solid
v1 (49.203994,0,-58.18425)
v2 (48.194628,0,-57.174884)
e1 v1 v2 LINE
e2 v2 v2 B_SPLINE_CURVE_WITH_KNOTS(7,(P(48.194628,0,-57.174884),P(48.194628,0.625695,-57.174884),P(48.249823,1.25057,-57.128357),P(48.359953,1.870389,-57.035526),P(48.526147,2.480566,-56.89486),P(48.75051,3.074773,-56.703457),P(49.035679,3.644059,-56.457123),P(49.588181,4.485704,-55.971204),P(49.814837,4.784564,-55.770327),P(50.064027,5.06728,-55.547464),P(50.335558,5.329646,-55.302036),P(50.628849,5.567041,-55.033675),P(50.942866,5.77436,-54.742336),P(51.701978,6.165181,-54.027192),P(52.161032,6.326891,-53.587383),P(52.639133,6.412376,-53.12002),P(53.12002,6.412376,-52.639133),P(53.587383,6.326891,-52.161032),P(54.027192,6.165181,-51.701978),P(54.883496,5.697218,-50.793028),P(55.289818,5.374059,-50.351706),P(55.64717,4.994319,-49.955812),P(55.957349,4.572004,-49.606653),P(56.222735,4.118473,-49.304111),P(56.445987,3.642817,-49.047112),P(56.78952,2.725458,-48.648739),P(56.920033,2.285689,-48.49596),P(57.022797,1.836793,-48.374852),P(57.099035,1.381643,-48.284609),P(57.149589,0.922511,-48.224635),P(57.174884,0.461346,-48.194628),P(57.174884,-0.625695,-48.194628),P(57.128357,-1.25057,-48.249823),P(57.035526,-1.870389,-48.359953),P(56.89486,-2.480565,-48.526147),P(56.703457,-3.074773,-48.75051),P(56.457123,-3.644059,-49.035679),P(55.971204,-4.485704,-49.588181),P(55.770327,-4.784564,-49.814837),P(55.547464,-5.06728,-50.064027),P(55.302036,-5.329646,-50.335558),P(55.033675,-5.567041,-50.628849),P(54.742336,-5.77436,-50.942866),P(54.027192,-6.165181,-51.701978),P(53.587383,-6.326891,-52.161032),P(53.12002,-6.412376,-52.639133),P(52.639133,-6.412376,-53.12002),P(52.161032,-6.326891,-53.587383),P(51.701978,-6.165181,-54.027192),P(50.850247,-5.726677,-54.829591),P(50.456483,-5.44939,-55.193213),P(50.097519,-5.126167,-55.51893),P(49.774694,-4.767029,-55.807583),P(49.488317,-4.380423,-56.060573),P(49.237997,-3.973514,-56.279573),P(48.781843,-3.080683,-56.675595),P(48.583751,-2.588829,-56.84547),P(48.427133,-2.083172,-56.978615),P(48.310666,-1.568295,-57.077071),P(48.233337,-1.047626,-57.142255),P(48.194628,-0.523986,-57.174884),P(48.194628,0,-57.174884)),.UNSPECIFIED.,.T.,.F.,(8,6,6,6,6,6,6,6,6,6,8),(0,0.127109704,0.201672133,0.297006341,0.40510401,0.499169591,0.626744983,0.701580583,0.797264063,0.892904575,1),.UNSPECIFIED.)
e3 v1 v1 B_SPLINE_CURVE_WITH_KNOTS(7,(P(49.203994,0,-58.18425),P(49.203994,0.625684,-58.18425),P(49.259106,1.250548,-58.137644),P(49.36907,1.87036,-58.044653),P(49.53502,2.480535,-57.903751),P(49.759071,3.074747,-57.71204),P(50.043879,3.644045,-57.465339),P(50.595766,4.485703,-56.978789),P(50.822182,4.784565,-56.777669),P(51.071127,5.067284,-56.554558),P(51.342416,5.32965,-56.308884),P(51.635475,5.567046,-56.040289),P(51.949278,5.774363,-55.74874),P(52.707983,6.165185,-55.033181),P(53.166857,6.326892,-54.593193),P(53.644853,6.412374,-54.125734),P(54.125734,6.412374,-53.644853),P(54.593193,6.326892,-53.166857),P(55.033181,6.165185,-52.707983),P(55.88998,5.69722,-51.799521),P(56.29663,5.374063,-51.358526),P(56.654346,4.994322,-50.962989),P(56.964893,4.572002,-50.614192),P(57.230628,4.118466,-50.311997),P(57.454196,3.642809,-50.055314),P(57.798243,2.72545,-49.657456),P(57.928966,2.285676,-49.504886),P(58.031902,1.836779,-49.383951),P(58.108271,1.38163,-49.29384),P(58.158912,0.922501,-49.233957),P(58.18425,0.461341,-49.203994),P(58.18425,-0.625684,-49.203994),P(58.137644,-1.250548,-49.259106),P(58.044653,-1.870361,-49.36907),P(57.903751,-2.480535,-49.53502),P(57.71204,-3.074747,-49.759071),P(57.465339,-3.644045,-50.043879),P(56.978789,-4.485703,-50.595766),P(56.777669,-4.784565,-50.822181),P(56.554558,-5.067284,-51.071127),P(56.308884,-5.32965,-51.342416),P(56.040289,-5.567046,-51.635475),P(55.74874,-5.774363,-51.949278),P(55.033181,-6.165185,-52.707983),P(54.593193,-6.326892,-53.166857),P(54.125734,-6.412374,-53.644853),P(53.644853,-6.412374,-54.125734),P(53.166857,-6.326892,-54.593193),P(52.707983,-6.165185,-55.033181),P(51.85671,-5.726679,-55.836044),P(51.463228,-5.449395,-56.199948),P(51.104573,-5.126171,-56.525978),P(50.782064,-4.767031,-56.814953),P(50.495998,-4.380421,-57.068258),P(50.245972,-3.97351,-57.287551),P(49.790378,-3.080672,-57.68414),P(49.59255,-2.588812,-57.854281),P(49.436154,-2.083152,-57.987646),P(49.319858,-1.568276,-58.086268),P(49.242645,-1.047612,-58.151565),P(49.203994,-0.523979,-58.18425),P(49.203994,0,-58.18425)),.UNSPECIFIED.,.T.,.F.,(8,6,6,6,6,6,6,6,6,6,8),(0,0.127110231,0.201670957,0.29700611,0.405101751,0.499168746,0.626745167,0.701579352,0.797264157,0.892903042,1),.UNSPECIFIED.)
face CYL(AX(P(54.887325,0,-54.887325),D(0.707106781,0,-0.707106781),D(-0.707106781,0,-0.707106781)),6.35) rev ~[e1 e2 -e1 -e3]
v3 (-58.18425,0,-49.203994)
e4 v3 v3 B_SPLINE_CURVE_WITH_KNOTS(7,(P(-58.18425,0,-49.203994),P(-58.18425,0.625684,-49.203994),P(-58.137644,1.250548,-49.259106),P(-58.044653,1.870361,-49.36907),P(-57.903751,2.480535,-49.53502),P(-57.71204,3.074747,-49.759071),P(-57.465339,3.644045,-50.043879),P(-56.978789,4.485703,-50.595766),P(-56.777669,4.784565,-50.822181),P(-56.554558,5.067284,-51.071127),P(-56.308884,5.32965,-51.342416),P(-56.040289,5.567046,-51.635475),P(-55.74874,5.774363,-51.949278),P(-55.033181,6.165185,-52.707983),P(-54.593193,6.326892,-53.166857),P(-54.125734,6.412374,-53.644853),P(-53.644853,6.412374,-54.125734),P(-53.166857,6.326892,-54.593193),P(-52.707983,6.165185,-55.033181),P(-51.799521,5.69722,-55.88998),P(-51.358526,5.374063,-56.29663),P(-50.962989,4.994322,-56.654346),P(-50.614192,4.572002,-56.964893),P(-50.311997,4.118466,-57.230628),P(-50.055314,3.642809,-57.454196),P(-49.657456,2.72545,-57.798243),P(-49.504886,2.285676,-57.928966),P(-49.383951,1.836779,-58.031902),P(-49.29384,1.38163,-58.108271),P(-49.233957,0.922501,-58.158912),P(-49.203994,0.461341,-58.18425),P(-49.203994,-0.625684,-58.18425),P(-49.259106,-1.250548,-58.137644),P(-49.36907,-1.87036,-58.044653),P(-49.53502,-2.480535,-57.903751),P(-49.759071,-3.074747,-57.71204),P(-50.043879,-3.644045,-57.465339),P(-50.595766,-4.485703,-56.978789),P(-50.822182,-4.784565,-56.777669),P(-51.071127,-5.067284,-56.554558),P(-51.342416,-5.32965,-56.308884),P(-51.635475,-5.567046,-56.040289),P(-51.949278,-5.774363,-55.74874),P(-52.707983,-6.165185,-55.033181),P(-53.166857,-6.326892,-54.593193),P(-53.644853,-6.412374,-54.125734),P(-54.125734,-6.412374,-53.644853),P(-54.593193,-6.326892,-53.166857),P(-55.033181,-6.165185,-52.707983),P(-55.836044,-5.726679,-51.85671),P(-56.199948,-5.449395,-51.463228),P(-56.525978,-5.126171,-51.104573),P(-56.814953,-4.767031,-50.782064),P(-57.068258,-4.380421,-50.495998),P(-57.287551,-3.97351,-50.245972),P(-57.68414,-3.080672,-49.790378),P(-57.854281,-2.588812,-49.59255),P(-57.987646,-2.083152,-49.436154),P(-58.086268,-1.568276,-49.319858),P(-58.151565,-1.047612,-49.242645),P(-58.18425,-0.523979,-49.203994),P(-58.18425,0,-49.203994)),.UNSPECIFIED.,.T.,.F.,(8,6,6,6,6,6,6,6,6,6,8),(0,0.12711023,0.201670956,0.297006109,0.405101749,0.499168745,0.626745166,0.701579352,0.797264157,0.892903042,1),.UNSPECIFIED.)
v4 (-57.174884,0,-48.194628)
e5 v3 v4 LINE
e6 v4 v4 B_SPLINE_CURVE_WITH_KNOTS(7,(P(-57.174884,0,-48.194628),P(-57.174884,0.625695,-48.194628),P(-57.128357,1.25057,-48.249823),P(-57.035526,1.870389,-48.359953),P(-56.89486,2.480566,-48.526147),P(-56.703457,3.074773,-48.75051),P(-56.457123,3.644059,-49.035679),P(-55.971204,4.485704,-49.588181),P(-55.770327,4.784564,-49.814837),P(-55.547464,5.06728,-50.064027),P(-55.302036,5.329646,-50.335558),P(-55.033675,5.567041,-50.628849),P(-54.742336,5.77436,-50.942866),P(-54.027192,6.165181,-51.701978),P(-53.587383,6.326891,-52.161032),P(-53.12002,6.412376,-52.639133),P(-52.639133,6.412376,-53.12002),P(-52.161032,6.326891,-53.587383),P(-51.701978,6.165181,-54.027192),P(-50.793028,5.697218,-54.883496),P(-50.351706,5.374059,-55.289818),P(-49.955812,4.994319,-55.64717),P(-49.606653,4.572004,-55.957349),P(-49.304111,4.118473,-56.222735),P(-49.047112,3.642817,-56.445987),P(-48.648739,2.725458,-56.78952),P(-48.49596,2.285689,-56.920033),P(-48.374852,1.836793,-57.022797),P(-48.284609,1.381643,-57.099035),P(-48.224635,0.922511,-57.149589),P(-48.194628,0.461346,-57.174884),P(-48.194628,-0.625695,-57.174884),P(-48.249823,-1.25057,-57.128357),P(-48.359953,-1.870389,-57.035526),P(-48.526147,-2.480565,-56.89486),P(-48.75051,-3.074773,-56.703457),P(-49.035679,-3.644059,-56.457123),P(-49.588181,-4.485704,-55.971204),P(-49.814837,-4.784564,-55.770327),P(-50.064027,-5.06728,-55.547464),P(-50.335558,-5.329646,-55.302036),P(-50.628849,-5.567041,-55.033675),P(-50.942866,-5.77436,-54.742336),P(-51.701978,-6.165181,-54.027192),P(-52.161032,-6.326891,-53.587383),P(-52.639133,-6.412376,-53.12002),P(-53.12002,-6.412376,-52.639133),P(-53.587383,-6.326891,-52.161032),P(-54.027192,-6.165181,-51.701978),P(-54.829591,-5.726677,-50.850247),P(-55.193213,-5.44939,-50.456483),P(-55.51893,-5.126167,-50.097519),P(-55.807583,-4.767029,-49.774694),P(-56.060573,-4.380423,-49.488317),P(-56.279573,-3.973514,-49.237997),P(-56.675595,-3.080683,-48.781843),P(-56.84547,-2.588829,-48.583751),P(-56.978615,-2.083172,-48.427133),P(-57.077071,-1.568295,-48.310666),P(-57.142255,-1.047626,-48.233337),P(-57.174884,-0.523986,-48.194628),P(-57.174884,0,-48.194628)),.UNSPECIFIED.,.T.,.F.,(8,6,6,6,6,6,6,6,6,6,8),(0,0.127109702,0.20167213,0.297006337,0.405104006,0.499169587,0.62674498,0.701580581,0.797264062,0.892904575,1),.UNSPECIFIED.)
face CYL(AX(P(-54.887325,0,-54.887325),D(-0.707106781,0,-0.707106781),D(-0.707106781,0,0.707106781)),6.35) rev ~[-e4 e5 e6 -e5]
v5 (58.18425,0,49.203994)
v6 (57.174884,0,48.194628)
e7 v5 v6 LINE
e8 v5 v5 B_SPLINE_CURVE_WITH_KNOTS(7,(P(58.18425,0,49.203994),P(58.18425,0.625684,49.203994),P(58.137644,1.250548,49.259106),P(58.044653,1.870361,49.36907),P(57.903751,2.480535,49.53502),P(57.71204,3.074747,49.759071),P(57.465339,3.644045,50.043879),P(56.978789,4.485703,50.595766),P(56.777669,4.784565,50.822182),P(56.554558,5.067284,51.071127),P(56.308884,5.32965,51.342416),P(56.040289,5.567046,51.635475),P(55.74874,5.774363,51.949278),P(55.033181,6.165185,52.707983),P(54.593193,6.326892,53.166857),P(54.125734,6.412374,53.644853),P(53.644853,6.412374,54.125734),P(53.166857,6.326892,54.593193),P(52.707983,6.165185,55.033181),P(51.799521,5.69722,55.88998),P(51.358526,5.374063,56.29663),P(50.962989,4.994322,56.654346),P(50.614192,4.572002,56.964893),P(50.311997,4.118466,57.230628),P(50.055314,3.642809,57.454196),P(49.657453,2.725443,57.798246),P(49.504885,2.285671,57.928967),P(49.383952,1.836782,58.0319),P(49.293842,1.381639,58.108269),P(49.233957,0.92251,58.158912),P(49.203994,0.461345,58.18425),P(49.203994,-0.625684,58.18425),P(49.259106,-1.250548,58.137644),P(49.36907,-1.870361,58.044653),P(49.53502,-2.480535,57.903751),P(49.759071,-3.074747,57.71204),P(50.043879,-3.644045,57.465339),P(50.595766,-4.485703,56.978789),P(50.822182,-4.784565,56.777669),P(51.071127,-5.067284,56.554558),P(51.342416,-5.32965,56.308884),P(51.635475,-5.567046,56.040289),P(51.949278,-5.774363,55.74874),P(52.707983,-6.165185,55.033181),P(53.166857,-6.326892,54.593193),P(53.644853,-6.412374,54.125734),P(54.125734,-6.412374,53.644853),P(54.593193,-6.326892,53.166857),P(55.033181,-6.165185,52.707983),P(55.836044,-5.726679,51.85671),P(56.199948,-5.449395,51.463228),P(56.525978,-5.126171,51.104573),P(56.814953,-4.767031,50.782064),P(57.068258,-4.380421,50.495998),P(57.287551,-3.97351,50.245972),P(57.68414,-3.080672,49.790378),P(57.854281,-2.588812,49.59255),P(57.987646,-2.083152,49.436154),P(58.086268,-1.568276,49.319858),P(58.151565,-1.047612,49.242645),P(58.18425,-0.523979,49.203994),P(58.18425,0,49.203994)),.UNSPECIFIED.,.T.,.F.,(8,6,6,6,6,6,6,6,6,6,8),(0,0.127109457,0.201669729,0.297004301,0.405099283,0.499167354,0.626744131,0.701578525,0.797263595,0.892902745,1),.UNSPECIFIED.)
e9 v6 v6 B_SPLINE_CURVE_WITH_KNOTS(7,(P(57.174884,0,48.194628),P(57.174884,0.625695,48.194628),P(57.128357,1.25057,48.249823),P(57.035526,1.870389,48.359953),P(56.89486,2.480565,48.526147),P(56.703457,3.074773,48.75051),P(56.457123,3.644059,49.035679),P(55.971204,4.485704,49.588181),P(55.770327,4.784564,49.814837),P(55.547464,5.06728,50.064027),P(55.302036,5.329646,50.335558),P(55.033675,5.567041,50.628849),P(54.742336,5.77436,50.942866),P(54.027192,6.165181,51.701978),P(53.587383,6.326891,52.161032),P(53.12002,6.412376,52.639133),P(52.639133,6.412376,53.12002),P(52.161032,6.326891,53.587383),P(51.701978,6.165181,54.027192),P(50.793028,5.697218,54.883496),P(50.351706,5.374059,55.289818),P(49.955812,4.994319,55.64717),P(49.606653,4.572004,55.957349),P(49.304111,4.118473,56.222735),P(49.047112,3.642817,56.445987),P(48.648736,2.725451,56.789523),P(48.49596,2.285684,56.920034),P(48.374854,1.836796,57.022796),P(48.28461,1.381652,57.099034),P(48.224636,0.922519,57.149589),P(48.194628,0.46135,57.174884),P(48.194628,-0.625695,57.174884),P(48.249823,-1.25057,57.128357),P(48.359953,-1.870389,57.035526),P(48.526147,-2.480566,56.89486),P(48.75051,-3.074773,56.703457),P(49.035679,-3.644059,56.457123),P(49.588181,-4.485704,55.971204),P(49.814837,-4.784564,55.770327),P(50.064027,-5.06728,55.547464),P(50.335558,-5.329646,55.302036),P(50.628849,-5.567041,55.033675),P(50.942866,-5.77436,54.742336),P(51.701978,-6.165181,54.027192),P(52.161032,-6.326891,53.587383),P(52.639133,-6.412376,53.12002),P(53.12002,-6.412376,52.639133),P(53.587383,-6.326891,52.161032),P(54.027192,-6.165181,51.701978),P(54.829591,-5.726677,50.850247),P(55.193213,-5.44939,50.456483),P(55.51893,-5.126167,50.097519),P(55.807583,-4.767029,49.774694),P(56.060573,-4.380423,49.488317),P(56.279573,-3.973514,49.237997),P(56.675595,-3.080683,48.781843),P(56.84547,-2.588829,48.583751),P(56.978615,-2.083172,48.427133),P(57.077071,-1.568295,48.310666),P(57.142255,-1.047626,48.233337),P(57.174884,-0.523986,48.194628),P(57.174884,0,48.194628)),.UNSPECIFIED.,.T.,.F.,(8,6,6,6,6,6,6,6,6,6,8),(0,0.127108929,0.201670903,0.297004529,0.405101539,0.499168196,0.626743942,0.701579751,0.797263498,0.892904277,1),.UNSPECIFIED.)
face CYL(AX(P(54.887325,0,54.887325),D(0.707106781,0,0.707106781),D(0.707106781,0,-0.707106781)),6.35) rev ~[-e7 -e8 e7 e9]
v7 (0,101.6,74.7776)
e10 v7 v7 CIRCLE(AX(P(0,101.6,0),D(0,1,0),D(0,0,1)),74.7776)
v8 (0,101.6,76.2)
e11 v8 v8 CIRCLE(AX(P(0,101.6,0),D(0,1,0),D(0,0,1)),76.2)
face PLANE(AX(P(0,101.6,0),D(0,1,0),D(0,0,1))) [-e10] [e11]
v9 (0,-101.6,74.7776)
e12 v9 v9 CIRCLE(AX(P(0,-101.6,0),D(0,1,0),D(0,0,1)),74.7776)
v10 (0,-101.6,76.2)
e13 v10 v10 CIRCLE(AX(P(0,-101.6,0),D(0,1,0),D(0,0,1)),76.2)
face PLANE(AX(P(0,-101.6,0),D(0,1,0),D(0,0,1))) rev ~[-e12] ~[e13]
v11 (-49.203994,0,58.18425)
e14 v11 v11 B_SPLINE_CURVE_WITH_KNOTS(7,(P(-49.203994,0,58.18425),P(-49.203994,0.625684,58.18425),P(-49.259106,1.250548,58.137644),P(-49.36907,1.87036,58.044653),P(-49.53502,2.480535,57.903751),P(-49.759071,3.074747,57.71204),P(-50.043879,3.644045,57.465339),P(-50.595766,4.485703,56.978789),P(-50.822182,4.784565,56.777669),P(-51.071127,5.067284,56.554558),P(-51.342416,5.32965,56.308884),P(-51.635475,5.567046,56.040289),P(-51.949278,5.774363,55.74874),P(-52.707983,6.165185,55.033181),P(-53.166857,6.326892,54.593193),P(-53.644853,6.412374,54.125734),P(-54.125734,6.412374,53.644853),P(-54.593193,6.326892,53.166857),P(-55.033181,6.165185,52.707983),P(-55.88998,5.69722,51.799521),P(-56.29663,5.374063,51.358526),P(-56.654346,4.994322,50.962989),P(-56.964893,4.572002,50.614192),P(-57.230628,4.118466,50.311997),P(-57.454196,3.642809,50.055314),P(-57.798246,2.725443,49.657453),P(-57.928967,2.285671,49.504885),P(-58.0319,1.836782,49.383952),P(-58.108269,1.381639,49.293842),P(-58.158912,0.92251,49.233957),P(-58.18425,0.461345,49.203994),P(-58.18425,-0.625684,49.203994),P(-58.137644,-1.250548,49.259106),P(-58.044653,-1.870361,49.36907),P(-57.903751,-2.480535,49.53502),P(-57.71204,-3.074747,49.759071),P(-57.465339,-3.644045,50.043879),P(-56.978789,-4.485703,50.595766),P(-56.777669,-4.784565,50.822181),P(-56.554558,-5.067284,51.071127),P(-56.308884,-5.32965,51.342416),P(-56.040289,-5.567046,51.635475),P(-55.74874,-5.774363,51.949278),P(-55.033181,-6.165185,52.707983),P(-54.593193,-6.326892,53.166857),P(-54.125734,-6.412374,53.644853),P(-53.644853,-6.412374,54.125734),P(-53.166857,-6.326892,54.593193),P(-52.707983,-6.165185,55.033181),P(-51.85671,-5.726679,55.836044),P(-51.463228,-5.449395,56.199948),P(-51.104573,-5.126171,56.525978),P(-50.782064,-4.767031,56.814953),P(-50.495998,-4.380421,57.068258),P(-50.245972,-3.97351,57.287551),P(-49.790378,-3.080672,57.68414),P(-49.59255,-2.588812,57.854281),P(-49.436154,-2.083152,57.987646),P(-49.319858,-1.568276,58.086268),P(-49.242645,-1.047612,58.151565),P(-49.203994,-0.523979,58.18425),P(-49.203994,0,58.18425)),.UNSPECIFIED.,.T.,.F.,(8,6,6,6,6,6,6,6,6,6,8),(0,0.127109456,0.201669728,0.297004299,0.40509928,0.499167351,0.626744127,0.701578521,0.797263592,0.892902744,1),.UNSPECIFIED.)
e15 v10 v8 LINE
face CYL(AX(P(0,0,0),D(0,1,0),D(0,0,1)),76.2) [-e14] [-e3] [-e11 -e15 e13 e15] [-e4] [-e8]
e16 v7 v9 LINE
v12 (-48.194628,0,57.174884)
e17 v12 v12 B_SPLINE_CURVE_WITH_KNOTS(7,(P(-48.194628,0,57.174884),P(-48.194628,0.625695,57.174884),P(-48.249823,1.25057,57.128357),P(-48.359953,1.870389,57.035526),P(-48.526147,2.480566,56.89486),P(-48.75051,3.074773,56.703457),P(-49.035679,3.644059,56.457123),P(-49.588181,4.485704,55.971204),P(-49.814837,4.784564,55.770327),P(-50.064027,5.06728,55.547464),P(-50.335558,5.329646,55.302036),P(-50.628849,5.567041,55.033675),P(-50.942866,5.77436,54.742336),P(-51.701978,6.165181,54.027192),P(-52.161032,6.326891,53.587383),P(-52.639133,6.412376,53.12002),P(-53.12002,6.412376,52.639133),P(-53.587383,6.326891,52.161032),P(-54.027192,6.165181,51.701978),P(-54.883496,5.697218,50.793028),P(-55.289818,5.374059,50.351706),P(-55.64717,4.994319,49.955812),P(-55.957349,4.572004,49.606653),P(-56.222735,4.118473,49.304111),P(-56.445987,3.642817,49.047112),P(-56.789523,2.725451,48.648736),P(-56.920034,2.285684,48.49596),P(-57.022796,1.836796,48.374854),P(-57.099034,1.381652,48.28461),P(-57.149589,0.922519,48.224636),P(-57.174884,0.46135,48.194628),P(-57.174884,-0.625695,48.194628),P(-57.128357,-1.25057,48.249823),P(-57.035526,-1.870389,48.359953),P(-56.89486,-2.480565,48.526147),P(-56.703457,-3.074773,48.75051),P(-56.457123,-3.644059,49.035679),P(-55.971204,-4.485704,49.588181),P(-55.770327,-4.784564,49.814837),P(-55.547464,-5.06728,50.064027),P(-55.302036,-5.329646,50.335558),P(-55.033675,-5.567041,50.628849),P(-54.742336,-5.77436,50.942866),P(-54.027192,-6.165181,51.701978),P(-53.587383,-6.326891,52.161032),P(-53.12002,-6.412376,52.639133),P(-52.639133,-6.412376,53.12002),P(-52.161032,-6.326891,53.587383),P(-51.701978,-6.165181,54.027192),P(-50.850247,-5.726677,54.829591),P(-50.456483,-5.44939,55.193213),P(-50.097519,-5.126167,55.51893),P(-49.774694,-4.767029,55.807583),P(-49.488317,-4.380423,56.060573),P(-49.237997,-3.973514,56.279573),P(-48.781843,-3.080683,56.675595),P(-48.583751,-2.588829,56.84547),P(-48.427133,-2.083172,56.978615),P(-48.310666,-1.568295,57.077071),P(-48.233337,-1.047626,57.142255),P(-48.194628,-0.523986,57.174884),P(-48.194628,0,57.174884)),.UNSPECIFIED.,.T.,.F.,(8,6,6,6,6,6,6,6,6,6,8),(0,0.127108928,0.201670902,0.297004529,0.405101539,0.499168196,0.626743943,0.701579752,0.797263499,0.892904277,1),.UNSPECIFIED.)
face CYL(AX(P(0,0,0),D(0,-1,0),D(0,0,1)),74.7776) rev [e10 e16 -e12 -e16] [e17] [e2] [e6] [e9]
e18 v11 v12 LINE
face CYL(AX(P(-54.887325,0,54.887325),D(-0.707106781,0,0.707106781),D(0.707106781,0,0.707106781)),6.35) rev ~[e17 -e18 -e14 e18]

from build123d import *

# Parameters (mm, degrees)
SKETCH1_R           = 76.2
SKETCH1_R_2         = 74.7776
BOSS_EXTRUDE1_DEPTH = 101.6
SKETCH2_R           = 6.35
CUT_EXTRUDE1_DEPTH  = 5.08
CIRPATTERN1_COUNT   = 4


with BuildPart() as part:
    # Sketch1 → Boss-Extrude1 (new, symmetric)
    with BuildSketch(Plane(origin=(0, 0, 0), x_dir=(1, 0, 0), z_dir=(0, 1, 0))):
        with Locations(Location((0, 0, 0), (0, 0, 270))):
            Circle(SKETCH1_R)
        with Locations(Location((0, 0, 0), (0, 0, 270))):
            Circle(SKETCH1_R_2, mode=Mode.SUBTRACT)
    extrude(amount=BOSS_EXTRUDE1_DEPTH, both=True)

    # Sketch2 → Cut-Extrude1 (cut)
    with BuildSketch(Plane(origin=(54.887325412, 0, -54.887325412), x_dir=(0, -1, 0), z_dir=(0.7071067811865488, 0, -0.7071067811865464))):
        with Locations(Location((0, 0, 0), (0, 0, 90))):
            Circle(SKETCH2_R)
    cut_extrude1 = extrude(amount=-CUT_EXTRUDE1_DEPTH, mode=Mode.SUBTRACT)

    # CirPattern1: Cut-Extrude1 ×4 about axis
    cirpattern1_axis = Axis((0, 0, 0), (0, 1, 0))
    for i in range(1, CIRPATTERN1_COUNT):
        add(cut_extrude1.rotate(cirpattern1_axis, i * 360 / CIRPATTERN1_COUNT), mode=Mode.SUBTRACT)


solid = part.part
